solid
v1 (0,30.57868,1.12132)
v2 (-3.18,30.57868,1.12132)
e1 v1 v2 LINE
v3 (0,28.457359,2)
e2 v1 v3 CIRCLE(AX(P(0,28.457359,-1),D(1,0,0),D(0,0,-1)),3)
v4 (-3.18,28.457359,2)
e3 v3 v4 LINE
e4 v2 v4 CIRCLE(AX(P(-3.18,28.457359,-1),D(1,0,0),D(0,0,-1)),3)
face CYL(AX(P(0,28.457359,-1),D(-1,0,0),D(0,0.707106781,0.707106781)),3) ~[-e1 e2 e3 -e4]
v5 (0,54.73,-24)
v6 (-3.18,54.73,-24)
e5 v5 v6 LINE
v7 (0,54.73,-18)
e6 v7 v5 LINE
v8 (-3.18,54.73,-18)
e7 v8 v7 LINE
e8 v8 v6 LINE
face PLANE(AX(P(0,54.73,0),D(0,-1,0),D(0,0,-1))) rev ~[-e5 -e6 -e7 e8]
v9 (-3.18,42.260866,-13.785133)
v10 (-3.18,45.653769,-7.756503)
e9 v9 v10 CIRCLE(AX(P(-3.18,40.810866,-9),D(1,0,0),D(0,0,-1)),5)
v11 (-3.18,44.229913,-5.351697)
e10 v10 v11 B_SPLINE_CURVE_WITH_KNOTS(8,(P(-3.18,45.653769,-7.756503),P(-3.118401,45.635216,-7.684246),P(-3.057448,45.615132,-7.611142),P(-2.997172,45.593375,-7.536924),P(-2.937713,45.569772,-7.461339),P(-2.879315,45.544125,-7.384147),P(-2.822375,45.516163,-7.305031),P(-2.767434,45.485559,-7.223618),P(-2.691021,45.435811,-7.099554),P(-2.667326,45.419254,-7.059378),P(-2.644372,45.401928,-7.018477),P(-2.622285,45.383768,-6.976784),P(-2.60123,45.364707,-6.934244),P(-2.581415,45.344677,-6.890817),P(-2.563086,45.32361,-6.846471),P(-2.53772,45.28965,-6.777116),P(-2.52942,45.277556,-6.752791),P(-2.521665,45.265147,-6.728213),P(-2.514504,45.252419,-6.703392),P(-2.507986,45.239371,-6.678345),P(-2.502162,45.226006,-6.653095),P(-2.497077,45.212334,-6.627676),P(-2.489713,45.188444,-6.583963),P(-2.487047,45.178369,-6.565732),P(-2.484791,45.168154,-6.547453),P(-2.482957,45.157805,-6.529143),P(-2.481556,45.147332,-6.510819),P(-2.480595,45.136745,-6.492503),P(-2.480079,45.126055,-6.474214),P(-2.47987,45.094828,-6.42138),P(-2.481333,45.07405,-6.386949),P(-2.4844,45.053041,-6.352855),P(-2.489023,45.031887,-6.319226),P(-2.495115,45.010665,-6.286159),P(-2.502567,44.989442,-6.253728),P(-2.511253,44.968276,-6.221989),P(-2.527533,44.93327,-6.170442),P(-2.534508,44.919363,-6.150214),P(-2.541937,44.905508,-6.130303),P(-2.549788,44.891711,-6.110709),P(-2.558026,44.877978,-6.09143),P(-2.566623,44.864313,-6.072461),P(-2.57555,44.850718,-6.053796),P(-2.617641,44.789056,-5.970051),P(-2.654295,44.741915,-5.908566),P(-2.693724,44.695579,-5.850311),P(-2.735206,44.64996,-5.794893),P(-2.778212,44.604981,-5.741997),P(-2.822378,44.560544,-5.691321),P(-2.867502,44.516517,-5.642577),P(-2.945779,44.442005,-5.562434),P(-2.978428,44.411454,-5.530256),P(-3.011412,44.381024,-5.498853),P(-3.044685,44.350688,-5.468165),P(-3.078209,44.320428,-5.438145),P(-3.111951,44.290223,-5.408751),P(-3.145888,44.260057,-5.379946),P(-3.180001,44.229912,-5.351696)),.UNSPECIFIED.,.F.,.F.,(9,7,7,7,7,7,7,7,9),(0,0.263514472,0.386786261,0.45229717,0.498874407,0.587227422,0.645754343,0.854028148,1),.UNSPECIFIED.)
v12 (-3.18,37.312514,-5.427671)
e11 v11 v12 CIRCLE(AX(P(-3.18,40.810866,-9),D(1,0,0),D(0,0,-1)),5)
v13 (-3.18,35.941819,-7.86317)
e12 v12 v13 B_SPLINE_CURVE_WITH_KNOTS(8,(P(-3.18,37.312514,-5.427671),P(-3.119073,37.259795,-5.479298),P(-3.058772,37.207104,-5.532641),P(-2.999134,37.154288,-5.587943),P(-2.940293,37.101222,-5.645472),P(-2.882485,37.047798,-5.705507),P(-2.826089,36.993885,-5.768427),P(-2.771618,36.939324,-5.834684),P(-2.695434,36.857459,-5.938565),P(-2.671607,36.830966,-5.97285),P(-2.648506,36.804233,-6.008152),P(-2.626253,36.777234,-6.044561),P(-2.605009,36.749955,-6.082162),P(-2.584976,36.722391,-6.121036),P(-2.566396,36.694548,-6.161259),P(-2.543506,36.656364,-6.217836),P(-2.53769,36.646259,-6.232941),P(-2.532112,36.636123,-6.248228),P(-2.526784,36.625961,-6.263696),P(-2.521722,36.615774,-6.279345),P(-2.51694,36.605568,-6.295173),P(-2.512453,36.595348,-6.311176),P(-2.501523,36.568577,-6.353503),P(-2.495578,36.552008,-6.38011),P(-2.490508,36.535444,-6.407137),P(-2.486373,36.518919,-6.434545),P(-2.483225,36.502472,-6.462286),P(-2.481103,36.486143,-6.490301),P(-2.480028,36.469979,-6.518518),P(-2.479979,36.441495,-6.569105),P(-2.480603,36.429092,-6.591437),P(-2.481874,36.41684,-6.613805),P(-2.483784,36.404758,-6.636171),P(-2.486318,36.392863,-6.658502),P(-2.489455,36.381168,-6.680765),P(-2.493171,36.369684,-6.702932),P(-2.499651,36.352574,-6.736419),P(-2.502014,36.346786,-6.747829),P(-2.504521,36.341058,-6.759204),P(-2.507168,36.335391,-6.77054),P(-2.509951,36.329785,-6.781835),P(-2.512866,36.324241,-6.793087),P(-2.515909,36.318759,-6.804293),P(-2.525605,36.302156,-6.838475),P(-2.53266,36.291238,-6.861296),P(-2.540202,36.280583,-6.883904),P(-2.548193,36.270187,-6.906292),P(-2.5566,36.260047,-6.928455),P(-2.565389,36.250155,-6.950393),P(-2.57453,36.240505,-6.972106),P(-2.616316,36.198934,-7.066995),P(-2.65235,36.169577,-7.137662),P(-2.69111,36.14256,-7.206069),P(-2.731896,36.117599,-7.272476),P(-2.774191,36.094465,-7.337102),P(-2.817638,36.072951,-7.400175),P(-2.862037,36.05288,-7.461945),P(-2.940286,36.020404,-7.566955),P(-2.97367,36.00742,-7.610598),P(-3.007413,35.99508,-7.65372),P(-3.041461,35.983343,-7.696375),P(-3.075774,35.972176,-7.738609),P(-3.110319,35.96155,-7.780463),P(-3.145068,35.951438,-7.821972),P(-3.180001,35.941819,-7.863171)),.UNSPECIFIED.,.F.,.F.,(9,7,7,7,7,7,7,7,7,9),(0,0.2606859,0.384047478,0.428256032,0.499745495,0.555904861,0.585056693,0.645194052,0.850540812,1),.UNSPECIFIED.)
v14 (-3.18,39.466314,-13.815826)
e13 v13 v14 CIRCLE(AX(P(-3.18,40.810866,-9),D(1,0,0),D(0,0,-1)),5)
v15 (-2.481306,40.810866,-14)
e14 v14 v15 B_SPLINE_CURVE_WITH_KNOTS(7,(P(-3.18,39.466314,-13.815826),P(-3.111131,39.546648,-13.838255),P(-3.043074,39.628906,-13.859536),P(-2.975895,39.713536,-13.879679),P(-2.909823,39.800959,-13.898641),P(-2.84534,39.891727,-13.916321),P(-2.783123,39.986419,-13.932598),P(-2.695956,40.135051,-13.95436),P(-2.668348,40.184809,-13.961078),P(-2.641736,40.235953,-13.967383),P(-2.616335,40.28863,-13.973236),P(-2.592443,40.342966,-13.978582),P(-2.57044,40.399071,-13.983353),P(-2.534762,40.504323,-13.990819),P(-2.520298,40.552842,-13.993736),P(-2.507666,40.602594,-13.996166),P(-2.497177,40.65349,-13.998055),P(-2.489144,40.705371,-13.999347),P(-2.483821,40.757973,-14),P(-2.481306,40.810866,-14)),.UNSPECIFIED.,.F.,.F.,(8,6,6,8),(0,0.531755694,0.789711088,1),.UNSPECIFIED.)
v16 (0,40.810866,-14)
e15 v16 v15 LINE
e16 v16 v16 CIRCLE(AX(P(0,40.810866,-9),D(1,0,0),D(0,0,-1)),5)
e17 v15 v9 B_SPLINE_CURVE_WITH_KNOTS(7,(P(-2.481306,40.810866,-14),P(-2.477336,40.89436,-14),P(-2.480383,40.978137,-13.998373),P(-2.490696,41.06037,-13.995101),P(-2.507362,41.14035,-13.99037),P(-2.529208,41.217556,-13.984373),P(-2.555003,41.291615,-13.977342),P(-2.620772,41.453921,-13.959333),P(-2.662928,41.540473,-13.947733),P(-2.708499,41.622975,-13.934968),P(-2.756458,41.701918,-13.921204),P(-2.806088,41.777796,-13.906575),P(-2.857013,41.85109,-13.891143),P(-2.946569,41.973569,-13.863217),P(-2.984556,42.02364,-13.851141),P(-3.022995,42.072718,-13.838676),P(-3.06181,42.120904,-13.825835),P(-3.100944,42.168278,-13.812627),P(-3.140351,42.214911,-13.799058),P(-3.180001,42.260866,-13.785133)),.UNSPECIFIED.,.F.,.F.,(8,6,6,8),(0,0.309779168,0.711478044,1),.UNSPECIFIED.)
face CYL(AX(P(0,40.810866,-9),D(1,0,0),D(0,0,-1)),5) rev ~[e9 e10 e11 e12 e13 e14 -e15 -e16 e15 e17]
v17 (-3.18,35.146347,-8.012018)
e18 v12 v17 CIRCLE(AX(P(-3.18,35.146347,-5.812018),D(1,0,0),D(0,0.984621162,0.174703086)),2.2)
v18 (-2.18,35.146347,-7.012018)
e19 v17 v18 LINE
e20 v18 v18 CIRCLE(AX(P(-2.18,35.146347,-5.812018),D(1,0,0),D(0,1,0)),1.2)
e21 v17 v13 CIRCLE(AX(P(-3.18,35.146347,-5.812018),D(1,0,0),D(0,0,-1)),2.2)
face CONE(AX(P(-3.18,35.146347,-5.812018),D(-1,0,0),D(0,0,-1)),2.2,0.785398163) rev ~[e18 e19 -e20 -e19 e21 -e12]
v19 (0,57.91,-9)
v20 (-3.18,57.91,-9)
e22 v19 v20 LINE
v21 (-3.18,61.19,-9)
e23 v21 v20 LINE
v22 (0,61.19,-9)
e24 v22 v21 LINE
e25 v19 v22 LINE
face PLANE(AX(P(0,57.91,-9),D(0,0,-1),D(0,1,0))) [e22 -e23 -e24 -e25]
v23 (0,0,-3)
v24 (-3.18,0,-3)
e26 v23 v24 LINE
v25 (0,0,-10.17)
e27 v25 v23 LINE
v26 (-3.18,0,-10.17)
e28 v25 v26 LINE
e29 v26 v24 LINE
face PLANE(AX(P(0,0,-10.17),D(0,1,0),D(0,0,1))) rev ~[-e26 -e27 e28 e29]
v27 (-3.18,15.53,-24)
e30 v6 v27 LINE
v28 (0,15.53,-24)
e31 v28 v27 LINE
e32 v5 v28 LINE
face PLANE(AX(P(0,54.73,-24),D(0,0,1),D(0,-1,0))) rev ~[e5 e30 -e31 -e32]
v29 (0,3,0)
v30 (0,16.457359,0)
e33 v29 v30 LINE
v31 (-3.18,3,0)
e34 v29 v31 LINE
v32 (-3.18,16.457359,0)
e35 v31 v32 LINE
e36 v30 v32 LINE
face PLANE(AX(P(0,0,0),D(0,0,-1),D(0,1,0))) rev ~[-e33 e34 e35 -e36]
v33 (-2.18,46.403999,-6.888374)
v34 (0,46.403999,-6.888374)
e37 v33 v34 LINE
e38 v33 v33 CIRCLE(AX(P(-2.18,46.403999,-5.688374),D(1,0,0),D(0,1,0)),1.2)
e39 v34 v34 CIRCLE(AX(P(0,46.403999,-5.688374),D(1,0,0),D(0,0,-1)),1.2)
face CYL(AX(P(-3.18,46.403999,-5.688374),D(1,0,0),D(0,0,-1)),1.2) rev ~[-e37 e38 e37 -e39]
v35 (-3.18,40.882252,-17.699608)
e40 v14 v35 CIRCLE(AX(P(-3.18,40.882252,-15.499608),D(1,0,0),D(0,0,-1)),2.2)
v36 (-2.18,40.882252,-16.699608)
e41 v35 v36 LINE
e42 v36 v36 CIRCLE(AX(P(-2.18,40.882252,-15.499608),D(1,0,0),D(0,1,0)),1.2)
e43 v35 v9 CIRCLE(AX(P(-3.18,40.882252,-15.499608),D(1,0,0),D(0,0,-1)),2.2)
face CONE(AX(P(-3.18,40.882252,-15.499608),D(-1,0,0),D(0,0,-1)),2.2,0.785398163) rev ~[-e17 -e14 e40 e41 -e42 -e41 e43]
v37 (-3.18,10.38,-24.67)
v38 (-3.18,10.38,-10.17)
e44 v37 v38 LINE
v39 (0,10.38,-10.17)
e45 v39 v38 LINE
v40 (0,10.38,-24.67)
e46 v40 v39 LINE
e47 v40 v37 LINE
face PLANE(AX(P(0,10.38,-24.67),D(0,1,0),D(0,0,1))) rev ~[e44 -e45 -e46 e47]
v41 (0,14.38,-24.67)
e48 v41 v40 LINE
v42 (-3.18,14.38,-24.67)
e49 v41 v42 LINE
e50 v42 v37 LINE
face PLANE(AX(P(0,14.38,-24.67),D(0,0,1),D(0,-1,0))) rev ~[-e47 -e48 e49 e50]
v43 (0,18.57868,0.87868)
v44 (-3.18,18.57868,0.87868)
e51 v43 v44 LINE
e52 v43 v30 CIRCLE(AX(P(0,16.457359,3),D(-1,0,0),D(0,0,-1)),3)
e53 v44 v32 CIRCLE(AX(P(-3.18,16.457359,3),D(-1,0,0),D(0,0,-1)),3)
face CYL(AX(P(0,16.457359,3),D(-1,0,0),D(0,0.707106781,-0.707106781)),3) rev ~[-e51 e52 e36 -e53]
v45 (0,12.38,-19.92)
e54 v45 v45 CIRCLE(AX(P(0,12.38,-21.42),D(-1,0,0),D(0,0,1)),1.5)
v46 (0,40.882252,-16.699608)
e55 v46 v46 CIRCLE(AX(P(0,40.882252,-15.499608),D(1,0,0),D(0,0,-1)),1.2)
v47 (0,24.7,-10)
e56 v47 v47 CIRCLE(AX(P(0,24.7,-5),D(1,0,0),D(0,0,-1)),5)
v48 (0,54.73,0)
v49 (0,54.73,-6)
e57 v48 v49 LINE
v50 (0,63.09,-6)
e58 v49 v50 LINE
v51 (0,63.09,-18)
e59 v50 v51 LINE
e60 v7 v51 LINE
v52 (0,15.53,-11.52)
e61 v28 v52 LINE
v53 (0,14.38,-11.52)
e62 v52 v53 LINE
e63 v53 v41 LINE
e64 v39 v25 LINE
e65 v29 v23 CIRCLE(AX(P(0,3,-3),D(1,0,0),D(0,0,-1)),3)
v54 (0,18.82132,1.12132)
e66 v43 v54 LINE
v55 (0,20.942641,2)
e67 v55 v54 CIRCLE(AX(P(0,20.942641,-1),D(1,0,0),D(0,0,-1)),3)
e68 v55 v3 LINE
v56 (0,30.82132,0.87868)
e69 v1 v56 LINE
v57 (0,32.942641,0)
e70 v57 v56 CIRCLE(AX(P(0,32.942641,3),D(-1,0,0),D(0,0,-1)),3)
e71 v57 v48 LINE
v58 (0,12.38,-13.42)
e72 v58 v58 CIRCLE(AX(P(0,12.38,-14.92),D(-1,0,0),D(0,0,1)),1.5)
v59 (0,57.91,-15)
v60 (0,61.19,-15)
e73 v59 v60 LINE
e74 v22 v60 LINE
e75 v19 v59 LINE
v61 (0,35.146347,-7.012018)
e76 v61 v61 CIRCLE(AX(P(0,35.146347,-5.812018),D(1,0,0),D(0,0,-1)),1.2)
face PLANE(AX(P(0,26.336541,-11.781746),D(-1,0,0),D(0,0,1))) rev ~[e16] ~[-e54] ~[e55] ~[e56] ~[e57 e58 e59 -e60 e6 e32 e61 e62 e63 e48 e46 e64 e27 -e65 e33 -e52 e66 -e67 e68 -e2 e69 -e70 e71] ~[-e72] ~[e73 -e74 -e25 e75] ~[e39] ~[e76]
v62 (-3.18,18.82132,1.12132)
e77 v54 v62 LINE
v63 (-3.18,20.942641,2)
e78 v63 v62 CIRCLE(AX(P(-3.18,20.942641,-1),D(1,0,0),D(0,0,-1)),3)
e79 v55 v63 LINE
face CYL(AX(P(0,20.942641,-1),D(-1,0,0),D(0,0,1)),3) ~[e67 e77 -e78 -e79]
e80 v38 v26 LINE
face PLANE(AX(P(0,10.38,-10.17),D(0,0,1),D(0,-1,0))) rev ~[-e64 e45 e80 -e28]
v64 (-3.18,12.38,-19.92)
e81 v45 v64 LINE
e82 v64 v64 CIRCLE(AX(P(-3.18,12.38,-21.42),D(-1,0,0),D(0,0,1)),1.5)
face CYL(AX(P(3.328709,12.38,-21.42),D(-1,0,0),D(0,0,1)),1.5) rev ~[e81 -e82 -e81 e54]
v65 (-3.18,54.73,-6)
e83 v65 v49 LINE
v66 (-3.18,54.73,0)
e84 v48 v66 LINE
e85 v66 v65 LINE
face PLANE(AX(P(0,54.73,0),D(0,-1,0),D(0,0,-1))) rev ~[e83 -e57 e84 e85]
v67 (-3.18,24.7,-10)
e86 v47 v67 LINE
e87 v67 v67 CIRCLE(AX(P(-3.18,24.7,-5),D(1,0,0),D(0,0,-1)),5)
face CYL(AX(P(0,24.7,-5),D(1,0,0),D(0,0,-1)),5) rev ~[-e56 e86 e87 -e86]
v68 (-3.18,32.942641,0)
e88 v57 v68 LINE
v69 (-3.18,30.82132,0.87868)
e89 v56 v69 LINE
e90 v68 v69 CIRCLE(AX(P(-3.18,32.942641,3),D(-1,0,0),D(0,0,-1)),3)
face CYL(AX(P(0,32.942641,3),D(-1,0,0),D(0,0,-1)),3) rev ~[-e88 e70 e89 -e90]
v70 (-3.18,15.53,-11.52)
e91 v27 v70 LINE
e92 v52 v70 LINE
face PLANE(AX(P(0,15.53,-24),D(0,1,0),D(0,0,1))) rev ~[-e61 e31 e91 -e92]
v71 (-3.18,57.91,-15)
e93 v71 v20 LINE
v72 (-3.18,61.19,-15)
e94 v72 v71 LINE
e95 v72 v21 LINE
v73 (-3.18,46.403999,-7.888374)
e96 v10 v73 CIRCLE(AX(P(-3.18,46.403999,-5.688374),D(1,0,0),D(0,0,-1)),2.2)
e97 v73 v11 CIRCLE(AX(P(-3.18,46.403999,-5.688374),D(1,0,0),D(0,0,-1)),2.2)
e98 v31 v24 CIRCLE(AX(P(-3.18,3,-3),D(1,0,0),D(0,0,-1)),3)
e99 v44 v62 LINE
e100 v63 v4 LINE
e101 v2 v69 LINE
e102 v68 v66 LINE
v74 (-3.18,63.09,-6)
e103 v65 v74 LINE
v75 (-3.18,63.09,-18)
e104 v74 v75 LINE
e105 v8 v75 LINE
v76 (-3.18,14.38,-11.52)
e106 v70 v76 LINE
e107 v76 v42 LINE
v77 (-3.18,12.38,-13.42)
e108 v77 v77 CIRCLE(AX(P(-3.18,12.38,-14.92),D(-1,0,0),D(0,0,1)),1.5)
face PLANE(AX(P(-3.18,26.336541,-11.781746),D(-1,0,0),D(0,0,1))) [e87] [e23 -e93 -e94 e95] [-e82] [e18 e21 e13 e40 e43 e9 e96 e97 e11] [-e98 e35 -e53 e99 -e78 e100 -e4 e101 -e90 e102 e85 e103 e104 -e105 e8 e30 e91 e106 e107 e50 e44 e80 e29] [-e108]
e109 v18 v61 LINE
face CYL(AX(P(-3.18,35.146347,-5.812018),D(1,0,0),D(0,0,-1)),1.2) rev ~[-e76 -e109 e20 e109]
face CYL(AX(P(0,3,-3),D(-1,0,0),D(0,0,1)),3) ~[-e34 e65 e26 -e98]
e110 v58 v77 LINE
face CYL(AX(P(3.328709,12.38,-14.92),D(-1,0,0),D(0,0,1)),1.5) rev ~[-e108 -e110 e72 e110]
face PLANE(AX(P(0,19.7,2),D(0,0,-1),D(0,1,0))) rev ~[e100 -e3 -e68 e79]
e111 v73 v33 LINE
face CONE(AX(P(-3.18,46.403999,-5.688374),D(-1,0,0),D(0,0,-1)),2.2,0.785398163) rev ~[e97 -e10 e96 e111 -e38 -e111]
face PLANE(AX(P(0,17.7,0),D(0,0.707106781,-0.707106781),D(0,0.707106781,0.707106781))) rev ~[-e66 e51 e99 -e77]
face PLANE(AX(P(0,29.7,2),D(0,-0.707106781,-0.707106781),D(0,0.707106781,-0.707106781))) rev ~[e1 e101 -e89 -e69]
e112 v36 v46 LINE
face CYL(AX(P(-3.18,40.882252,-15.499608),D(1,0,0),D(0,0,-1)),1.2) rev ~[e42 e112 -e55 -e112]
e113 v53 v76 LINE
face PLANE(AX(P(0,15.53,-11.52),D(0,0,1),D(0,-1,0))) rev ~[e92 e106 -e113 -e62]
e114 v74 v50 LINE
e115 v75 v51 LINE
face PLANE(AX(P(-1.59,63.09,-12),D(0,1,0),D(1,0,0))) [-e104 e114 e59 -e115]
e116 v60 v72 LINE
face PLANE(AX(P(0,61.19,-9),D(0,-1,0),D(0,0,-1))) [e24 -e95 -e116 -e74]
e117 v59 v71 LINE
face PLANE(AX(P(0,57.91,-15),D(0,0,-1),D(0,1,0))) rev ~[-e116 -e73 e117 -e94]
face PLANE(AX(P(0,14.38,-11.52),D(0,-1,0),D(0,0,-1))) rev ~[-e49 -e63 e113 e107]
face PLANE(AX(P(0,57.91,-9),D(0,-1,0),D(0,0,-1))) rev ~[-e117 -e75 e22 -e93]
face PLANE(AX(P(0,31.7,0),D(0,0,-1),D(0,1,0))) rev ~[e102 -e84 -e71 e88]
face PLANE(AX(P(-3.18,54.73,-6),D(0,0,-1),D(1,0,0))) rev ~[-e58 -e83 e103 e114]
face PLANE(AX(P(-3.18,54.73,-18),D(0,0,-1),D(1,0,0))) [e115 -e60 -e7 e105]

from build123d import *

# Parameters (mm, degrees)
BOSS_EXTRUDE1_DEPTH                             = 3.18
SKETCH2_4_OUTSIDE_W                             = 40.864
SKETCH2_4_OUTSIDE_H                             = 68.924
SKETCH2_4_OUTSIDE_R                             = 5
CUT_EXTRUDE2_DEPTH                              = 3.18
FILLET6_R                                       = 3
CSK_FOR_M2_FLAT_HEAD_MACHINE_SCREW2_D           = 2.4
CSK_FOR_M2_FLAT_HEAD_MACHINE_SCREW2_CSINK_D     = 4.4
CSK_FOR_M2_FLAT_HEAD_MACHINE_SCREW2_CSINK_ANGLE = 90
M3X0_5_TAPPED_HOLE1_D                           = 3
M3X0_5_TAPPED_HOLE1_DEPTH                       = 3.328709071
M3X0_5_TAPPED_HOLE1_TIP                         = 0.901290929
SKETCH16_W                                      = 3.18
SKETCH16_H                                      = 12
BOSS_EXTRUDE2_DEPTH                             = 8.36
SKETCH18_W                                      = 6
SKETCH18_H                                      = 3.28
CUT_EXTRUDE3_DEPTH                              = 68.816439015


with BuildPart() as part:
    # Sketch2 → Boss-Extrude1 (new body)
    with BuildSketch(Plane(origin=(0, 0, 0), x_dir=(0, 0, -1), z_dir=(1, 0, 0))):
        Polygon((0, 54.73), (24, 54.73), (24, 15.53), (11.52, 15.53), (11.52, 14.38), (24.67, 14.38), (24.67, 10.38), (10.17, 10.38), (10.17, 0), (0, 0), (0, 17.7), (-2, 19.7), (-2, 29.7), (0, 31.7), align=None)
    extrude(amount=-BOSS_EXTRUDE1_DEPTH)

    # Sketch2<4> outside → Cut-Extrude2 (cut)
    # profile 1 of 3: a face of its own
    with BuildSketch(Plane(origin=(0, 0, 0), x_dir=(0, 0, -1), z_dir=(1, 0, 0))):
        with Locations((11.335, 27.365)):
            Rectangle(SKETCH2_4_OUTSIDE_W, SKETCH2_4_OUTSIDE_H)
        Polygon((0, 54.73), (24, 54.73), (24, 15.53), (11.52, 15.53), (11.52, 14.38), (24.67, 14.38), (24.67, 10.38), (10.17, 10.38), (10.17, 0), (0, 0), (0, 17.7), (-2, 19.7), (-2, 29.7), (0, 31.7), align=None, mode=Mode.SUBTRACT)
    # profile 2 of 3: a face of its own
    with BuildSketch(Plane(origin=(0, 0, 0), x_dir=(0, 0, -1), z_dir=(1, 0, 0))):
        with Locations((5, 24.7)):
            Circle(SKETCH2_4_OUTSIDE_R)
    # profile 3 of 3: a face of its own
    with BuildSketch(Plane(origin=(0, 0, 0), x_dir=(0, 0, -1), z_dir=(1, 0, 0))):
        with Locations((9, 40.810865899)):
            Circle(SKETCH2_4_OUTSIDE_R)
    extrude(amount=-CUT_EXTRUDE2_DEPTH, mode=Mode.SUBTRACT)

    # Fillet6
    fillet6_edges = [part.edges().sort_by_distance(p)[0] for p in [
        (-1.59, 31.7, 0),
        (-1.59, 29.7, 2),
        (-1.59, 19.7, 2),
        (-1.59, 17.7, 0),
        (-1.59, 0, 0),
    ]]
    fillet(fillet6_edges, radius=FILLET6_R)

    # CSK for M2 Flat Head Machine Screw2 (through all)
    with Locations(Plane.ZY.offset(3.18)):
        with Locations((-5.688374042, 46.403998609), (-15.499607993, 40.882251751), (-5.812017965, 35.146347336)):
            CounterSinkHole(CSK_FOR_M2_FLAT_HEAD_MACHINE_SCREW2_D / 2, CSK_FOR_M2_FLAT_HEAD_MACHINE_SCREW2_CSINK_D / 2, counter_sink_angle=CSK_FOR_M2_FLAT_HEAD_MACHINE_SCREW2_CSINK_ANGLE)

    # M3x0.5 Tapped Hole1
    with Locations(Plane(origin=(0, 0, 0), x_dir=(0, 0, -1), z_dir=(1, 0, 0))):
        with Locations((21.42, 12.38), (14.92, 12.38)):
            Hole(M3X0_5_TAPPED_HOLE1_D / 2, depth=M3X0_5_TAPPED_HOLE1_DEPTH)
            with Locations((0, 0, -(M3X0_5_TAPPED_HOLE1_DEPTH + M3X0_5_TAPPED_HOLE1_TIP / 2))):  # 118° drill point
                Cone(0, M3X0_5_TAPPED_HOLE1_D / 2, M3X0_5_TAPPED_HOLE1_TIP, mode=Mode.SUBTRACT)

    # Sketch16 → Boss-Extrude2 (add)
    with BuildSketch(Plane(origin=(0, 54.73, 0), x_dir=(1, 0, 0), z_dir=(0, 1, 0))):
        with Locations((-1.59, 12)):
            Rectangle(SKETCH16_W, SKETCH16_H)
    extrude(amount=BOSS_EXTRUDE2_DEPTH)

    # Sketch18 → Cut-Extrude3 (cut, through all)
    with BuildSketch(Plane(origin=(0, 0, 0), x_dir=(0, 0, -1), z_dir=(1, 0, 0))):
        with Locations((12, 59.55)):
            Rectangle(SKETCH18_W, SKETCH18_H)
    extrude(amount=-CUT_EXTRUDE3_DEPTH, mode=Mode.SUBTRACT)


solid = part.part
